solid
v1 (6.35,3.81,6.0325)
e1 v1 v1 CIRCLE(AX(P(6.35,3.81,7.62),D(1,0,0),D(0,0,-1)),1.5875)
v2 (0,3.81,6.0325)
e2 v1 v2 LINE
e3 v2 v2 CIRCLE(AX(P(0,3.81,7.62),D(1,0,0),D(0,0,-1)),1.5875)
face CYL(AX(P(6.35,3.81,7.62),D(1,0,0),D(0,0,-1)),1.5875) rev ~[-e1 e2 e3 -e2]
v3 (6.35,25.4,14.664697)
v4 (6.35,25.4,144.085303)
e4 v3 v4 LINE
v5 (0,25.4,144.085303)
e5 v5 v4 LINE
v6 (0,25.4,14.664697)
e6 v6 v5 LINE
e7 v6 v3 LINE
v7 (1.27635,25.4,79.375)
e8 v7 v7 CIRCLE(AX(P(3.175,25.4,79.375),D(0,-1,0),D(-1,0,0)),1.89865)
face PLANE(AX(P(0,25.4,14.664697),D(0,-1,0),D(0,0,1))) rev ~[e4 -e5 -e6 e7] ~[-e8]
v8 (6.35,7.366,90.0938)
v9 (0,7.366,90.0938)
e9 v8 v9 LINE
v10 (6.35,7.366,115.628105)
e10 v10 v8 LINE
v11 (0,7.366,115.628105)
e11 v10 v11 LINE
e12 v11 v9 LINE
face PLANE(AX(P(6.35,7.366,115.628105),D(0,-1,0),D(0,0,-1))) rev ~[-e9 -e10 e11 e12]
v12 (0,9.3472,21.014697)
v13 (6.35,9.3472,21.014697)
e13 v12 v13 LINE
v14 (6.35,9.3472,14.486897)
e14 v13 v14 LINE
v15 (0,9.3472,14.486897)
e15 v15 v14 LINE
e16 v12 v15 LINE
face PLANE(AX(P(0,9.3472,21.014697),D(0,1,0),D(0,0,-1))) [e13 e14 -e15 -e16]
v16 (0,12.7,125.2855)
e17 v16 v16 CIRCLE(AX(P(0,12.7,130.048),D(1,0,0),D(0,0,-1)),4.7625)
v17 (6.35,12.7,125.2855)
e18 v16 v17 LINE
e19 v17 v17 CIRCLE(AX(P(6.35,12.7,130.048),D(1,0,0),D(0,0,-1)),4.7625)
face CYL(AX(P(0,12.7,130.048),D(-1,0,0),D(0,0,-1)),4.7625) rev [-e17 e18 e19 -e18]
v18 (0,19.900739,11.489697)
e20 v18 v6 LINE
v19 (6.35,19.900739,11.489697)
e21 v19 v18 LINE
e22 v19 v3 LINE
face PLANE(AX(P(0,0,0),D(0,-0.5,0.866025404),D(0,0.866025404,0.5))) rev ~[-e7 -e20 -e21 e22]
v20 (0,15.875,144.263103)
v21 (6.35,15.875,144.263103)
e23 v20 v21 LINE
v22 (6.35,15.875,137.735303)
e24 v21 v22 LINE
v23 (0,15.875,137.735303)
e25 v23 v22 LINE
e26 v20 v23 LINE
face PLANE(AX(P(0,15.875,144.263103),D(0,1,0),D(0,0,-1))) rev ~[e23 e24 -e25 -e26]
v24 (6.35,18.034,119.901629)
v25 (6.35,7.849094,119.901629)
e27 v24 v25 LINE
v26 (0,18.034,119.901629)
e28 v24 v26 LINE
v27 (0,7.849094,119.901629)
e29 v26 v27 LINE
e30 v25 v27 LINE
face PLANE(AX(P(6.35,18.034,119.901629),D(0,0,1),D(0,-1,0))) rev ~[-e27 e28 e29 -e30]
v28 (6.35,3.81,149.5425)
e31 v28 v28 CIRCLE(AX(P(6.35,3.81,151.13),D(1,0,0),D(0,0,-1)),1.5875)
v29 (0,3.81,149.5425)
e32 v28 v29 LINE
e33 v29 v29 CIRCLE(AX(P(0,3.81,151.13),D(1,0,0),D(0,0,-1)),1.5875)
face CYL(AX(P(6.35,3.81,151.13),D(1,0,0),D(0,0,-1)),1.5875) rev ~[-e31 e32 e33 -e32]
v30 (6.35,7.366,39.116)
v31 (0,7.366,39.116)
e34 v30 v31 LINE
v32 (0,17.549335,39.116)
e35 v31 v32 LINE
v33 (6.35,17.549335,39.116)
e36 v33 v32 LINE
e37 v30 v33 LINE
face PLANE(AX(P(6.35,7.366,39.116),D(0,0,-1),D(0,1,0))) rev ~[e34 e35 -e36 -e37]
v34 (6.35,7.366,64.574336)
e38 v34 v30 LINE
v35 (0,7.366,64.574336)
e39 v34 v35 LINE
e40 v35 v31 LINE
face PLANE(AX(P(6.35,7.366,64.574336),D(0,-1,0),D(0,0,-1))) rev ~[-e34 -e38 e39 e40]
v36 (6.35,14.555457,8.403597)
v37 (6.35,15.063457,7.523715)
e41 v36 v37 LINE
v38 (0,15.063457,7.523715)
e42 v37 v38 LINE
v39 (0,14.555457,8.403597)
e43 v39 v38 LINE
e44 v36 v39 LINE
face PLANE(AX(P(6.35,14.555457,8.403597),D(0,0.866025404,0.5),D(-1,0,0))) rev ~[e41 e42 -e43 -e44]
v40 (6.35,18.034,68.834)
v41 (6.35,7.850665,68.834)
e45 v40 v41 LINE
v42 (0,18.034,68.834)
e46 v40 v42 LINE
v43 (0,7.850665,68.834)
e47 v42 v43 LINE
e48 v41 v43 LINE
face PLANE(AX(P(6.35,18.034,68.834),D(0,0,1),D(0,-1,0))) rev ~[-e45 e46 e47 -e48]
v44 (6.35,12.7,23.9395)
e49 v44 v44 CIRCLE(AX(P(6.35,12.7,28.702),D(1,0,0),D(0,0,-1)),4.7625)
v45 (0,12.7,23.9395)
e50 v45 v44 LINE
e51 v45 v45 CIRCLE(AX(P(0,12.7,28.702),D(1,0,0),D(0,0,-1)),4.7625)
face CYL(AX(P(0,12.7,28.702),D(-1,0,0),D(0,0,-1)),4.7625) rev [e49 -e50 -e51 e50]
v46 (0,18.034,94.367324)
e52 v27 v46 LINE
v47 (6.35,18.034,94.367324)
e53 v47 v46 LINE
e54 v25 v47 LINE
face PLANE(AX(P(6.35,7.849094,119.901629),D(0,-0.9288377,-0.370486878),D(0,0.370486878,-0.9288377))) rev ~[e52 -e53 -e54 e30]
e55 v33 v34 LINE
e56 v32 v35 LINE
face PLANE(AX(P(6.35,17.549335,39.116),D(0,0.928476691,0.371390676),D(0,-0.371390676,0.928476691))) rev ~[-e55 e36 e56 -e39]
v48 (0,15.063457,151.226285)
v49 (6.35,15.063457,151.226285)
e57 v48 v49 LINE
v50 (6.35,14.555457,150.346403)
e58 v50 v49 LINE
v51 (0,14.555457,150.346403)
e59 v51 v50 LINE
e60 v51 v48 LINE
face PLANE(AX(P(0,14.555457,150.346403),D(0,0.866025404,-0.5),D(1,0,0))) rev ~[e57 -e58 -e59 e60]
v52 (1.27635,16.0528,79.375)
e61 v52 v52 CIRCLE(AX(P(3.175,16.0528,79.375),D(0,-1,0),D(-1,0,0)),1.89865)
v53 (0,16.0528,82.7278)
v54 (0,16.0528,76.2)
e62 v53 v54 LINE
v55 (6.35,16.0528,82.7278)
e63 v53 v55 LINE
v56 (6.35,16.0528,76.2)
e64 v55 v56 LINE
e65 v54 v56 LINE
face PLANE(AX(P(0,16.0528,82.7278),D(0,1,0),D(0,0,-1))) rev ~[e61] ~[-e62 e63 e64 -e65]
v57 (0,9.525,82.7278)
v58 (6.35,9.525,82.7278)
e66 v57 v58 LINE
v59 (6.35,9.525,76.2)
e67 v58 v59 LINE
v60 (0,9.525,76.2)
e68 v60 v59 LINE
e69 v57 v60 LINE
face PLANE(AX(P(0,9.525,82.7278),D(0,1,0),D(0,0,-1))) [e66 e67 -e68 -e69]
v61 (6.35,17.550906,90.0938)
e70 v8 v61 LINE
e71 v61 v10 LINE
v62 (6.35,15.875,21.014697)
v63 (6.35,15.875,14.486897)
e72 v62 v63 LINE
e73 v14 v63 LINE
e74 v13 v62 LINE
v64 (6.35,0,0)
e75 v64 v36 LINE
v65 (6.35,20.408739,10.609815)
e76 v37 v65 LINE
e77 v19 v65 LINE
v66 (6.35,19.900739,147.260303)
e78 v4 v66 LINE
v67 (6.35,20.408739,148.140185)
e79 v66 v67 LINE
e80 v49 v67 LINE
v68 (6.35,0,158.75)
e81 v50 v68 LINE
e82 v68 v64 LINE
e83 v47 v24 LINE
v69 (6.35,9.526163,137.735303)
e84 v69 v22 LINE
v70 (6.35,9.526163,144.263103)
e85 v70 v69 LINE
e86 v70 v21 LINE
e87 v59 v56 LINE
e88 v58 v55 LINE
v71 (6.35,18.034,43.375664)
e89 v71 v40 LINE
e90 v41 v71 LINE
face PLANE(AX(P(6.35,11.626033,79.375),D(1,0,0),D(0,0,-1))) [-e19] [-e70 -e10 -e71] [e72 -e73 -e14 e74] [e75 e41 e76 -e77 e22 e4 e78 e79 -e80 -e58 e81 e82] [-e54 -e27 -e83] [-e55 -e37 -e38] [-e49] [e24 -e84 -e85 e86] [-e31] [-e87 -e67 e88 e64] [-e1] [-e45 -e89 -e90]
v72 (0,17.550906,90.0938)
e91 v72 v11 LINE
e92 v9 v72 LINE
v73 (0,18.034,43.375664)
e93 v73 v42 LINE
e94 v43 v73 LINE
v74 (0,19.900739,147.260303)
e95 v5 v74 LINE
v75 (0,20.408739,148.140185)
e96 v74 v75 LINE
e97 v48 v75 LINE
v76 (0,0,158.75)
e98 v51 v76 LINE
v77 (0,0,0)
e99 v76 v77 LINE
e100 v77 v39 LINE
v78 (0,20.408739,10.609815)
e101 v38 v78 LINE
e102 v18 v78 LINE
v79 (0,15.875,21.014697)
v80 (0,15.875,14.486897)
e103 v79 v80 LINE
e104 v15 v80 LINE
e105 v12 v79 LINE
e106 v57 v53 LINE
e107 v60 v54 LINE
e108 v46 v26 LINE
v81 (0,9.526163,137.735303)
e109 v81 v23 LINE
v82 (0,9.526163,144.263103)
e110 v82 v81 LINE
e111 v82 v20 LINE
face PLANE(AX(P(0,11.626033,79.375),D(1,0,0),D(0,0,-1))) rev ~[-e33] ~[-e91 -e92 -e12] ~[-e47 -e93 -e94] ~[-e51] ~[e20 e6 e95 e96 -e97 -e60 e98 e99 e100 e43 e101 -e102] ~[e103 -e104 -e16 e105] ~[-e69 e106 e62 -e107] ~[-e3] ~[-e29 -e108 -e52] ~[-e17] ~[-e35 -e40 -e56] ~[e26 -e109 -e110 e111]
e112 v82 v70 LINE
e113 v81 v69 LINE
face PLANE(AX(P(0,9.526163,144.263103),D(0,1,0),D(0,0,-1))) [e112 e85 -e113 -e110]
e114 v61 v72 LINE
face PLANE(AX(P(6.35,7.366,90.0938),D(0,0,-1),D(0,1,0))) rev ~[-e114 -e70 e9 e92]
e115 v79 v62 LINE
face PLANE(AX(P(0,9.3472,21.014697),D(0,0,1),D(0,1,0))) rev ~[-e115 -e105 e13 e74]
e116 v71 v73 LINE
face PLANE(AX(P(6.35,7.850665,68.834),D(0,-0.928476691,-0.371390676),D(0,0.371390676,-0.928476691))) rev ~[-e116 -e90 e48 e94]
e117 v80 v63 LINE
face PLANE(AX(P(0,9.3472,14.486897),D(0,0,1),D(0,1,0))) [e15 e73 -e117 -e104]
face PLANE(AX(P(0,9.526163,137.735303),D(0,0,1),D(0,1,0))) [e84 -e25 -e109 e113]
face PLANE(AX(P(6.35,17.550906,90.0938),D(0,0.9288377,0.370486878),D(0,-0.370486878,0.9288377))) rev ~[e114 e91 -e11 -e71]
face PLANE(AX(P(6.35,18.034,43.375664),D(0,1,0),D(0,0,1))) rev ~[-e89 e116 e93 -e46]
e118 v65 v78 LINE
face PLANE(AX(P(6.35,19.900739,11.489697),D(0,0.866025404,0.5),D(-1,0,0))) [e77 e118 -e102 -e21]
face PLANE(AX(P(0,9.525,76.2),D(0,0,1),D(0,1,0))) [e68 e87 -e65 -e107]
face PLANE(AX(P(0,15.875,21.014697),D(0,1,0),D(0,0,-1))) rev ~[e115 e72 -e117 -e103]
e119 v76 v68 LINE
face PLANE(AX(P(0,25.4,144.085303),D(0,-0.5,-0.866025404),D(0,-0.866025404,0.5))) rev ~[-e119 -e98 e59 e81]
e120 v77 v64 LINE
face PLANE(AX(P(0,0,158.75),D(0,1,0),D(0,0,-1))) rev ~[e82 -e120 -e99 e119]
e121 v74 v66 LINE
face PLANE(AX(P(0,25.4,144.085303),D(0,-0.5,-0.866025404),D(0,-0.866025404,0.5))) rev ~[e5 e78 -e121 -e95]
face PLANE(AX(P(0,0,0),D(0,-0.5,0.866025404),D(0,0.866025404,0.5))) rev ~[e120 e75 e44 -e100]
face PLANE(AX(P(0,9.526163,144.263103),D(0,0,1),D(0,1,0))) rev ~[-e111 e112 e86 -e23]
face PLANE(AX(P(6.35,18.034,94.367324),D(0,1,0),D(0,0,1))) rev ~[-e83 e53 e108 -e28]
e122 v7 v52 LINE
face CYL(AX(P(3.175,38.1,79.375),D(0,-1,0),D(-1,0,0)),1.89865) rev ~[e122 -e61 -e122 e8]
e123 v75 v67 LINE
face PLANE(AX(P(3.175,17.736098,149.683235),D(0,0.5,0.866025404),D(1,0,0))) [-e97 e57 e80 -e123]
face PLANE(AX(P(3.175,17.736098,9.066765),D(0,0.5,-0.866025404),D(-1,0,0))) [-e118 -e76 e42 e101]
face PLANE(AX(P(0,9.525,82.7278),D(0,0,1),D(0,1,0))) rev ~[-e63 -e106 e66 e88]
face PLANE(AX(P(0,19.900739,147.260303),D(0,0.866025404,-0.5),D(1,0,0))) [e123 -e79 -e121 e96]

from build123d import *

# Parameters (mm, degrees)
SKETCH1_R                 = 4.7625
SKETCH1_W                 = 6.5278
SKETCH1_H                 = 6.5278
SKETCH1_H_2               = 6.348837221
BOSS_EXTRUDE1_DEPTH       = 6.35
F_6_CLEARANCE_HOLE1_D     = 3.7973
F_6_CLEARANCE_HOLE1_DEPTH = 12.7
F_6_CLEARANCE_HOLE1_TIP   = 1.140824014
SKETCH7_W                 = 6.35
SKETCH7_H                 = 6.1722
BOSS_EXTRUDE2_DEPTH       = 1.016
SKETCH8_W                 = 6.35
SKETCH8_H                 = 6.1722
BOSS_EXTRUDE3_DEPTH       = 1.016
SKETCH9_R                 = 1.5875
CUT_EXTRUDE1_DEPTH        = 161.894515133
CUT_EXTRUDE2_DEPTH        = 161.894515133


with BuildPart() as part:
    # Sketch1 → Boss-Extrude1 (new body)
    with BuildSketch(Plane(origin=(0, 0, 0), x_dir=(0, 0, -1), z_dir=(1, 0, 0))):
        Polygon((0, 0), (-14.664696837, 25.4), (-144.085303163, 25.4), (-158.75, 0), align=None)
        with Locations((-130.048, 12.7)):
            Circle(SKETCH1_R, mode=Mode.SUBTRACT)
        with Locations((-28.702, 12.7)):
            Circle(SKETCH1_R, mode=Mode.SUBTRACT)
        with Locations((-17.750796837, 12.6111)):
            Rectangle(SKETCH1_W, SKETCH1_H, mode=Mode.SUBTRACT)
        with Locations((-140.999203163, 12.70058139)):
            Rectangle(SKETCH1_W, SKETCH1_H_2, mode=Mode.SUBTRACT)
        with Locations((-79.4639, 12.7889)):
            Rectangle(SKETCH1_W, SKETCH1_H, mode=Mode.SUBTRACT)
    extrude(amount=BOSS_EXTRUDE1_DEPTH)

    # #6 Clearance Hole1
    with Locations(Plane(origin=(0, 25.4, 0), x_dir=(1, 0, 0), z_dir=(0, 1, 0))):
        with Locations((3.175, -79.375)):
            Hole(F_6_CLEARANCE_HOLE1_D / 2, depth=F_6_CLEARANCE_HOLE1_DEPTH)
            with Locations((0, 0, -(F_6_CLEARANCE_HOLE1_DEPTH + F_6_CLEARANCE_HOLE1_TIP / 2))):  # 118° drill point
                Cone(0, F_6_CLEARANCE_HOLE1_D / 2, F_6_CLEARANCE_HOLE1_TIP, mode=Mode.SUBTRACT)

    # Sketch7 → Boss-Extrude2 (add)
    with BuildSketch(Plane(origin=(0, 0, 0), x_dir=(-1, 0, 0), z_dir=(0, 0.499999999999998, -0.8660254037844397))):
        with Locations((-3.175, 19.893293675)):
            Rectangle(SKETCH7_W, SKETCH7_H)
    extrude(amount=BOSS_EXTRUDE2_DEPTH)

    # Sketch8 → Boss-Extrude3 (add)
    with BuildSketch(Plane(origin=(0, 68.740766425, 119.0625), x_dir=(1, 0, 0), z_dir=(0, 0.500000000000004, 0.8660254037844365))):
        with Locations((3.175, -59.481706325)):
            Rectangle(SKETCH8_W, SKETCH8_H)
    extrude(amount=BOSS_EXTRUDE3_DEPTH)

    # Sketch9 → Cut-Extrude1 (cut, through all)
    with BuildSketch(Plane(origin=(6.35, 0, 0), x_dir=(0, 0, -1), z_dir=(1, 0, 0))):
        with Locations((-151.13, 3.81)):
            Circle(SKETCH9_R)
        with Locations((-7.62, 3.81)):
            Circle(SKETCH9_R)
    extrude(amount=-CUT_EXTRUDE1_DEPTH, mode=Mode.SUBTRACT)

    # Sketch10 → Cut-Extrude2 (cut, through all)
    with BuildSketch(Plane(origin=(6.35, 0, 0), x_dir=(0, 0, -1), z_dir=(1, 0, 0))):
        Polygon((-90.0938, 7.366), (-90.0938, 17.550906382), (-115.628105199, 7.366), align=None)
        Polygon((-119.901628846, 7.849093618), (-94.367323648, 18.034), (-119.901628846, 18.034), align=None)
        Polygon((-68.834, 7.850665489), (-43.375663722, 18.034), (-68.834, 18.034), align=None)
        Polygon((-39.116, 7.366), (-39.116, 17.549334511), (-64.574336278, 7.366), align=None)
    extrude(amount=-CUT_EXTRUDE2_DEPTH, mode=Mode.SUBTRACT)


solid = part.part
